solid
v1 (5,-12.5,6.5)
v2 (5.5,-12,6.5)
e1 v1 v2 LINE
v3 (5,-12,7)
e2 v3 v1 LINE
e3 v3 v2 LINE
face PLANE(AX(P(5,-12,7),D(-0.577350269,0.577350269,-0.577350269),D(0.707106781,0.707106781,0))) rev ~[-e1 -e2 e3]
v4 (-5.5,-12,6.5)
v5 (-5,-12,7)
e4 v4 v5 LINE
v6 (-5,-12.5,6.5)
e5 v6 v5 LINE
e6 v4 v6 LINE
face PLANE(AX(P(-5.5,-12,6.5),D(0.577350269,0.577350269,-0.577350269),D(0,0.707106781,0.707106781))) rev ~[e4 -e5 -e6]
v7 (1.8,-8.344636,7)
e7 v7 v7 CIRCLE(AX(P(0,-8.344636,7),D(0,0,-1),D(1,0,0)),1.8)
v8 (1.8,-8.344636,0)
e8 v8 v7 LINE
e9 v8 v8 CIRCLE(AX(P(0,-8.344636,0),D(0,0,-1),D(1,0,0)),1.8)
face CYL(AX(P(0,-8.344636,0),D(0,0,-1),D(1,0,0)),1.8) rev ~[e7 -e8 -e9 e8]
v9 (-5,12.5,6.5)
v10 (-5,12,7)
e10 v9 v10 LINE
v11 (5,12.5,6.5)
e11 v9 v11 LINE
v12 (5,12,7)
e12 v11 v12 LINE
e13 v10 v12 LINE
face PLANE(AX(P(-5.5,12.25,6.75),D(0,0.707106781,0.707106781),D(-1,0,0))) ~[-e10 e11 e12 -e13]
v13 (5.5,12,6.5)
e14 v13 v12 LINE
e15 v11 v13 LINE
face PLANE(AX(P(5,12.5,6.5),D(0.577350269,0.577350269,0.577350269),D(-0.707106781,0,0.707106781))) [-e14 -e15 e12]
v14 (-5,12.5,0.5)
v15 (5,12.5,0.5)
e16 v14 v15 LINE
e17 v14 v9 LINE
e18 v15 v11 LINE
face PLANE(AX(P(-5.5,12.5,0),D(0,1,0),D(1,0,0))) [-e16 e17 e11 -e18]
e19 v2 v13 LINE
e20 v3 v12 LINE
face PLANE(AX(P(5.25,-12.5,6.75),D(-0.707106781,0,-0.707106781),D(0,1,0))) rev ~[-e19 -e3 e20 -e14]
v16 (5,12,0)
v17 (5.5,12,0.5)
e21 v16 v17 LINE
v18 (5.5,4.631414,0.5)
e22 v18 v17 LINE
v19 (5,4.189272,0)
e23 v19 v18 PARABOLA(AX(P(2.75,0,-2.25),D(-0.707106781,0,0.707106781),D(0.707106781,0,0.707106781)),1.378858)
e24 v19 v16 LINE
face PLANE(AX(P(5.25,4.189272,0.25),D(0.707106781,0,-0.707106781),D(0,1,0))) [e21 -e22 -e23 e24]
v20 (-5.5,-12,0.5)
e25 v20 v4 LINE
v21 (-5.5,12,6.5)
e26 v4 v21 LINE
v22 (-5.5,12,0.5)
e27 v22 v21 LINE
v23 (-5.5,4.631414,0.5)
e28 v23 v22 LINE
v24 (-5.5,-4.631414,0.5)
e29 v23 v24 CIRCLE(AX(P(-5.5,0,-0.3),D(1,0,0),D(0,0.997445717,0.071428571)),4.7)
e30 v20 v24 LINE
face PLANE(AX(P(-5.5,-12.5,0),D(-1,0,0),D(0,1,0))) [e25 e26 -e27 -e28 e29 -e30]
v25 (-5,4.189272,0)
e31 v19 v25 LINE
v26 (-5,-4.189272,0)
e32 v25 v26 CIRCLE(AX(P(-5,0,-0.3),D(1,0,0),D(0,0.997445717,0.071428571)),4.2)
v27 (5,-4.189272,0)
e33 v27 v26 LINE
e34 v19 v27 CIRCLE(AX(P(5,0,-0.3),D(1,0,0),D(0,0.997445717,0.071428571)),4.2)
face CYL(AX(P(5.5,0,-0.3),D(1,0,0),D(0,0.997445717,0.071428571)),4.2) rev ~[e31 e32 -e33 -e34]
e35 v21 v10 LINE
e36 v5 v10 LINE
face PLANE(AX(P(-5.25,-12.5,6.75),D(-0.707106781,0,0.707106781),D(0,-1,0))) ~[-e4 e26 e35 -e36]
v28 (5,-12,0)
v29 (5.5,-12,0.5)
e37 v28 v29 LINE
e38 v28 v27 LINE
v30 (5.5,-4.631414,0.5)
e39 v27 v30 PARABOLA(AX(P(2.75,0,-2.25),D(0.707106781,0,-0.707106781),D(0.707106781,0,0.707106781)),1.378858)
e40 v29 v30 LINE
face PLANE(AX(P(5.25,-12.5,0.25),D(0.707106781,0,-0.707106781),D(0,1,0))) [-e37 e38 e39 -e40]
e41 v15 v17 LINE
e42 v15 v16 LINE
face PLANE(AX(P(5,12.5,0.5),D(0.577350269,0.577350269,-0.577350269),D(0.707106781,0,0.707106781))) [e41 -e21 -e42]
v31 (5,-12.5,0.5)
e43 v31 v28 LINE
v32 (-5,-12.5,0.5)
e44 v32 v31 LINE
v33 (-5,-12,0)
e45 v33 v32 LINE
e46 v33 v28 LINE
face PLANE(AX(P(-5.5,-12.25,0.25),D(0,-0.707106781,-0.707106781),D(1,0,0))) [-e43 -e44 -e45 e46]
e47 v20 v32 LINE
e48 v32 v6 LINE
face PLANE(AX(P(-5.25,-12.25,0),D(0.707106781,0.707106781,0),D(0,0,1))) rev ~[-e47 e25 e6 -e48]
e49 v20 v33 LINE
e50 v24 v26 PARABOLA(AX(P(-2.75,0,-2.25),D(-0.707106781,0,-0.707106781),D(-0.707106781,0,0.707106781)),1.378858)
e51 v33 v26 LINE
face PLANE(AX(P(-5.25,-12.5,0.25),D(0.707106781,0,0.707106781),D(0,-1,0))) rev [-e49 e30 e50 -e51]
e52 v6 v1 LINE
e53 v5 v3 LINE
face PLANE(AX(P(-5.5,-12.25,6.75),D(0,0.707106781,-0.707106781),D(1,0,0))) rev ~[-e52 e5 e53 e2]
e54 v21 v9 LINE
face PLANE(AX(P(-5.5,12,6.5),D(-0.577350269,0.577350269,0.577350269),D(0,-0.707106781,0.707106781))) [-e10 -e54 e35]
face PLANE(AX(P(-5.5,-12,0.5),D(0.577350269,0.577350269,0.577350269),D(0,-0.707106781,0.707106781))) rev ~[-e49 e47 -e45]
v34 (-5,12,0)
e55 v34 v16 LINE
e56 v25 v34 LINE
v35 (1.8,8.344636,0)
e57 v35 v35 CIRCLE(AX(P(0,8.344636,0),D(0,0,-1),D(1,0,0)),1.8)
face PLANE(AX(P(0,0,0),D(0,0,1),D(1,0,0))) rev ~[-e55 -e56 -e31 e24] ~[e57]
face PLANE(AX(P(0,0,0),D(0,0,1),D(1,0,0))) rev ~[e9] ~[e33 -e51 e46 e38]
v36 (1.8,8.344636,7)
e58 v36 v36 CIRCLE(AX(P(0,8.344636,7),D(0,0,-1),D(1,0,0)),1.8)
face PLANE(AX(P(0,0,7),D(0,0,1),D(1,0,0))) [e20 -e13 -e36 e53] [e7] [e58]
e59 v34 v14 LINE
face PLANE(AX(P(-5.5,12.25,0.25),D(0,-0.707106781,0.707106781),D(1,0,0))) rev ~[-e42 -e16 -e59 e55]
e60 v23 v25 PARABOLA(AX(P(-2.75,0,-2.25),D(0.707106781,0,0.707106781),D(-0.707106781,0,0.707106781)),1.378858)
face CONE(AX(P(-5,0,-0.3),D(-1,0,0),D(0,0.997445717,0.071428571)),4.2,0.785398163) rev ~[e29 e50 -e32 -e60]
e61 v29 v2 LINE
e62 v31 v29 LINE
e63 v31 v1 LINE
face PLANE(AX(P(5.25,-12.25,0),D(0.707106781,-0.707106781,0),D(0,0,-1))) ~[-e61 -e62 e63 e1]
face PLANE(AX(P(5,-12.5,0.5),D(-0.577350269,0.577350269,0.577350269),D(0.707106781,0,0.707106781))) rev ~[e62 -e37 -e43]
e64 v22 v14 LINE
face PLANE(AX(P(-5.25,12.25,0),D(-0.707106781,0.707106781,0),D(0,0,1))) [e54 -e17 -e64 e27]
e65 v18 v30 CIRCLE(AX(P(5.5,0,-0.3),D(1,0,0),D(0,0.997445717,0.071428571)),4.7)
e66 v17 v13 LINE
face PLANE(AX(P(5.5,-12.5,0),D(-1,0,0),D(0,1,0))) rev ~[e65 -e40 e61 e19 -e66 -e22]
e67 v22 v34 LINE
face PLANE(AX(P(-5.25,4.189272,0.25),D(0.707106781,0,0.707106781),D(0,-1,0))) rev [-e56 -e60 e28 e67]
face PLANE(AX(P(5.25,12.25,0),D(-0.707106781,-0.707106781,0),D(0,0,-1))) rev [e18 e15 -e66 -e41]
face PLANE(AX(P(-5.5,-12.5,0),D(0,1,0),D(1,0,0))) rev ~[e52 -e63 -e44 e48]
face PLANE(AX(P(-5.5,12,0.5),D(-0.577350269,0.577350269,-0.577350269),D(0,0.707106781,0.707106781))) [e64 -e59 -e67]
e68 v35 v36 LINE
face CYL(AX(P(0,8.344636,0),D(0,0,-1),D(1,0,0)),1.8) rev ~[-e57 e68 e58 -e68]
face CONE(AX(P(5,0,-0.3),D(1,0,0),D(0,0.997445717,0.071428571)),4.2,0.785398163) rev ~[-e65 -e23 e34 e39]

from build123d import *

# Parameters (mm, degrees)
F0_W     = 11
F0_H     = 25
F1_DEPTH = 7
F3_DEPTH = 11
F4_R     = 1.8
F5_DEPTH = 7
F6_SIZE  = 0.5


with BuildPart() as f1:
    # F0 (on Top) → F1 (new body)
    with BuildSketch(Plane.XY):
        Rectangle(F0_W, F0_H)
    extrude(amount=F1_DEPTH)

    # F2 (on face) → F3 (cut, through all)
    with BuildSketch(Plane.YZ.offset(5.5)):
        with BuildLine():
            Line((-4.1892720131, 0), (4.1892720131, 0))
            ThreePointArc((4.1892720131, 0), (0, 3.9), (-4.1892720131, 0))
        make_face()
    extrude(amount=-F3_DEPTH, mode=Mode.SUBTRACT)

    # F4 (on face) → F5 (cut, through all)
    with BuildSketch(Plane(origin=(0, 0, 0), x_dir=(1, 0, 0), z_dir=(0, 0, -1))):
        with Locations((0, 8.3446360066)):
            Circle(F4_R)
        with Locations((0, -8.3446360066)):
            Circle(F4_R)
    extrude(amount=-F5_DEPTH, mode=Mode.SUBTRACT)

    # F6
    f6_edges = [f1.edges().sort_by_distance(p)[0] for p in [
        (5.5, 0, 3.9),
        (5.5, 8.344636, 0),
        (0, 12.5, 0),
        (-5.5, 8.344636, 0),
        (5.5, -8.344636, 0),
        (0, -12.5, 0),
        (-5.5, -8.344636, 0),
        (5.5, -12.5, 3.5),
        (0, -12.5, 7),
        (-5.5, -12.5, 3.5),
        (5.5, 0, 7),
        (5.5, 12.5, 3.5),
        (0, 12.5, 7),
        (-5.5, 12.5, 3.5),
        (-5.5, 0, 7),
        (-5.5, 0, 3.9),
    ]]
    chamfer(f6_edges, length=F6_SIZE)


solid = f1.part
